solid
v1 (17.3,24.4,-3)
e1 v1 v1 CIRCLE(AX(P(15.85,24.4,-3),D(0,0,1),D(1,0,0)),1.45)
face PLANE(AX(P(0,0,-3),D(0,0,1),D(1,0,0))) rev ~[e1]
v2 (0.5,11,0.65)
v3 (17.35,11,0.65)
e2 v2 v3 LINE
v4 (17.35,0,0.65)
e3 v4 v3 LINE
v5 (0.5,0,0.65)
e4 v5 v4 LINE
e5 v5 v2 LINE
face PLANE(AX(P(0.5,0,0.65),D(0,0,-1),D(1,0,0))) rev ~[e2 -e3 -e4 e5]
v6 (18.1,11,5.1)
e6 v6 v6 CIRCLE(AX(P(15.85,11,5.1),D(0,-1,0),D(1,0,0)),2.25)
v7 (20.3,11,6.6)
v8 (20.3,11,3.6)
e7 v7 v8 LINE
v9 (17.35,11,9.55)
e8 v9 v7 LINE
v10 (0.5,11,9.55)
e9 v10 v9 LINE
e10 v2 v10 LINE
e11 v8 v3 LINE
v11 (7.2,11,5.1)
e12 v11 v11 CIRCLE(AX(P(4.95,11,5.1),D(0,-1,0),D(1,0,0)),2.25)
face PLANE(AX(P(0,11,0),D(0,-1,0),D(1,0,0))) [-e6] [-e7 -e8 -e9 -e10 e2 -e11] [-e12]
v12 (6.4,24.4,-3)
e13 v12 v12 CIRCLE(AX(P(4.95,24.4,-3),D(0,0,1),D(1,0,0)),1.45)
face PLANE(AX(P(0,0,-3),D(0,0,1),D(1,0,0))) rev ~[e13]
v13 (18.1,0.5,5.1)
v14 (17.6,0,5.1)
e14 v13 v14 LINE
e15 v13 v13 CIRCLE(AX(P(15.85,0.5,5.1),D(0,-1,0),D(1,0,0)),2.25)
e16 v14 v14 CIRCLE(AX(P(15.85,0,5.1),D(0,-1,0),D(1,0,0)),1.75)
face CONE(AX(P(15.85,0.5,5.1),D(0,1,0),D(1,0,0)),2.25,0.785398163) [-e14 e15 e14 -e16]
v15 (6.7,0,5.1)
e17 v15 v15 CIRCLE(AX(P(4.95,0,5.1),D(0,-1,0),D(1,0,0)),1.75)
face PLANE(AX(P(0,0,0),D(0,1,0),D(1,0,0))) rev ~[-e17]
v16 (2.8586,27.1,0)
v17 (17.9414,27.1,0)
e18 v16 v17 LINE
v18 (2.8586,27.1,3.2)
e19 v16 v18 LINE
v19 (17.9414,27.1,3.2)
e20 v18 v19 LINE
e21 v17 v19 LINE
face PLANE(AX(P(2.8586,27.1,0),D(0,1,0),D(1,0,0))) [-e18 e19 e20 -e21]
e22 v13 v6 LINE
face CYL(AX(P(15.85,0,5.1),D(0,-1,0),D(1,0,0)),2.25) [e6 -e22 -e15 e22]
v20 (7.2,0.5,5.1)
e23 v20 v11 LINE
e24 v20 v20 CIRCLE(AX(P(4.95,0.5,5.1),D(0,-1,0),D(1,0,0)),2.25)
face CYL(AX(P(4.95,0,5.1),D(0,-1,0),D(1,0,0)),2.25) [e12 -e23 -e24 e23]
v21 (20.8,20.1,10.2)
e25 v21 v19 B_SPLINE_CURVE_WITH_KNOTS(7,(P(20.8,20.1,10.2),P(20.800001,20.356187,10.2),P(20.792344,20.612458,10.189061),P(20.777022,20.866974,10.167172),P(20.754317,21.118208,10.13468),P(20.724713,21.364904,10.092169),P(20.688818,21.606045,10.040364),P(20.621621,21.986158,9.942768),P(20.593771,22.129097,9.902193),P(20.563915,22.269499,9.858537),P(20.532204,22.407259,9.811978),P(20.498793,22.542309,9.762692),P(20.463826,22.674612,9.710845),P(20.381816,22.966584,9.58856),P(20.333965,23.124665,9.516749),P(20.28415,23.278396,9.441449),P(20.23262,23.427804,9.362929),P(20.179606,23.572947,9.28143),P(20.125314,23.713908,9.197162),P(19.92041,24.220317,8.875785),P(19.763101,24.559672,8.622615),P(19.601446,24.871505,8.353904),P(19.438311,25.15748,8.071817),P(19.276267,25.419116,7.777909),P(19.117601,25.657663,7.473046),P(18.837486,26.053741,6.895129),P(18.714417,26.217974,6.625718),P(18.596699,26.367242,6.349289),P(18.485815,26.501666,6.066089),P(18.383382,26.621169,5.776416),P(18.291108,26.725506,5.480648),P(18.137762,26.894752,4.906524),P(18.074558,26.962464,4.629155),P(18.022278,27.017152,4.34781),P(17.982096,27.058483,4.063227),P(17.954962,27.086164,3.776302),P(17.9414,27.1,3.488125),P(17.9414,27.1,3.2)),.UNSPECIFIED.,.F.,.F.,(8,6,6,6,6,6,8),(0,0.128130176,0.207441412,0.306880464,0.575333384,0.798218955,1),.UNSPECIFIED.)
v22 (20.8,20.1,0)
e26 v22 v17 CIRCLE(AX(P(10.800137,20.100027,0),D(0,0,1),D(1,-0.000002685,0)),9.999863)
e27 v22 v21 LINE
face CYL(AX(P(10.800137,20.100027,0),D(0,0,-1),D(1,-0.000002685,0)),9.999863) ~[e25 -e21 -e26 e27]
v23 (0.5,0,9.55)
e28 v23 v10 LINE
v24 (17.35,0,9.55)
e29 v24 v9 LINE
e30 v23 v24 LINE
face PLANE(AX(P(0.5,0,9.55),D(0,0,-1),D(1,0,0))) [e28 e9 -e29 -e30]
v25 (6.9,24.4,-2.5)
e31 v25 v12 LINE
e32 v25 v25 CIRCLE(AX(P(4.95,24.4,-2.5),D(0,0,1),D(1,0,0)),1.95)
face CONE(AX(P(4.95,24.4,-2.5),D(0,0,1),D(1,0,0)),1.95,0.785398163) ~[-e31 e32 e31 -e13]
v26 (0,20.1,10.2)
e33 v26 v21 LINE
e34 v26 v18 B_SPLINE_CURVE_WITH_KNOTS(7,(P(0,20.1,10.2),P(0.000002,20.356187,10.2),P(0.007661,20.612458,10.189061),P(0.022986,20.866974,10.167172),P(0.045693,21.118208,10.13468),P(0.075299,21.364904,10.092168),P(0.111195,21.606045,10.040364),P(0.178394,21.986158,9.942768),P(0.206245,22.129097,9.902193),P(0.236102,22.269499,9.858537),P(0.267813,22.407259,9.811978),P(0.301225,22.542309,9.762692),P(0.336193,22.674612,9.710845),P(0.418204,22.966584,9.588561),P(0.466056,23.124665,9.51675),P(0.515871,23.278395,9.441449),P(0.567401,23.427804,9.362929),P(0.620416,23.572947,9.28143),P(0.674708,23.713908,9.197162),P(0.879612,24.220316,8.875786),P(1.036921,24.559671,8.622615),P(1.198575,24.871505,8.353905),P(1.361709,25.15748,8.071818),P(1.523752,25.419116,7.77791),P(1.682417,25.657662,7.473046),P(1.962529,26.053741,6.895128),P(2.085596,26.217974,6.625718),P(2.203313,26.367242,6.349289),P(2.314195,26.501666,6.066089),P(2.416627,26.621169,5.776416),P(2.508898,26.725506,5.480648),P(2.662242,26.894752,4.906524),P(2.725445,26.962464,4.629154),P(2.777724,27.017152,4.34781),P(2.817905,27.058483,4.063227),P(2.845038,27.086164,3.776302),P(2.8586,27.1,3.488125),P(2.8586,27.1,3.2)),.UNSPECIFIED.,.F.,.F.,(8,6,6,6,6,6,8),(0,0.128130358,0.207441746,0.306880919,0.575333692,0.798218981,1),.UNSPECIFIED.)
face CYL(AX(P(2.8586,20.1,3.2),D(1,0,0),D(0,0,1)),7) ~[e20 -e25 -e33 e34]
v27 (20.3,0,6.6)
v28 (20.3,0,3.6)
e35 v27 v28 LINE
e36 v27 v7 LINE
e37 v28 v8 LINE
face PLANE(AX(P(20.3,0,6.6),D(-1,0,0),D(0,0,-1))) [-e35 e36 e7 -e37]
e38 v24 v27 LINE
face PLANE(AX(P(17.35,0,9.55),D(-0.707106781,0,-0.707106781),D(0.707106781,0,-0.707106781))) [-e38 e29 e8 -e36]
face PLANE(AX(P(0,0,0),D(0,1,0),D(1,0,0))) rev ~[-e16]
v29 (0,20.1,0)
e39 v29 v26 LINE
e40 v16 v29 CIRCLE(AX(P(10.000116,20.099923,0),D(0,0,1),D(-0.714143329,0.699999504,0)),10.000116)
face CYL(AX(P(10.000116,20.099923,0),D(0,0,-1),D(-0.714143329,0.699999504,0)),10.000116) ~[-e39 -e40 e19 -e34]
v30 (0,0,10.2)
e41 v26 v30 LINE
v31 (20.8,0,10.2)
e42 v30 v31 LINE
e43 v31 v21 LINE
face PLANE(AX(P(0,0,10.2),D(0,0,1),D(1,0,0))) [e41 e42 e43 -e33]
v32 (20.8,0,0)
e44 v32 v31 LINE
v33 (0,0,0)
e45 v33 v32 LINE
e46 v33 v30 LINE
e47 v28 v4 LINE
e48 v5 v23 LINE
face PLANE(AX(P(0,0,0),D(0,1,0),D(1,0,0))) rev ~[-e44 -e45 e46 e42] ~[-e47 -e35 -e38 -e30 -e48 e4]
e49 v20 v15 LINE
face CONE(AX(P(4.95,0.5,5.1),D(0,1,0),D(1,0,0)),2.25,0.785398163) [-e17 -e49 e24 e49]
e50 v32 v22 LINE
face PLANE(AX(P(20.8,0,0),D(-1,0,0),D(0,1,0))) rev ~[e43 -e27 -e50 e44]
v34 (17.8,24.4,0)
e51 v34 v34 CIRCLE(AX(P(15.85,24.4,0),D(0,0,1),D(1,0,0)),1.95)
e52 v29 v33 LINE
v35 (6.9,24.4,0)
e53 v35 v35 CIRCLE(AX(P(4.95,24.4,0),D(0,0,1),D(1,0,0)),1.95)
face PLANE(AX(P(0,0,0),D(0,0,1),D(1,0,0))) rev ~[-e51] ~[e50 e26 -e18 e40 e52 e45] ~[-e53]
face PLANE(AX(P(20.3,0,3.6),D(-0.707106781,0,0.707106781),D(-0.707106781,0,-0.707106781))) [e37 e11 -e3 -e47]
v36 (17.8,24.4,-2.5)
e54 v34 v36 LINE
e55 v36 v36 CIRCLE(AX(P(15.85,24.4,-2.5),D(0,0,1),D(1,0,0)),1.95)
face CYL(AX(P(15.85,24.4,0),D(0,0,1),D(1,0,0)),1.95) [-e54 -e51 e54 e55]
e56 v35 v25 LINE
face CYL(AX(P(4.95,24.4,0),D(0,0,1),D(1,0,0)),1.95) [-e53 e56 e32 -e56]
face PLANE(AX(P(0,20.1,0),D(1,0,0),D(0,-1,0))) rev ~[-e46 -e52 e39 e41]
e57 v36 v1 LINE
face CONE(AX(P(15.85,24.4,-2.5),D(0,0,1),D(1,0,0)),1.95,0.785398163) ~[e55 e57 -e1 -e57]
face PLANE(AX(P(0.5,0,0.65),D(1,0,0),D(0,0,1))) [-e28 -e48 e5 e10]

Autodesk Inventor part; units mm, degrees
ref_plane "YZ Plane" through (0, 0, 0) normal (1, 0, 0) x (0, 1, 0)
ref_plane "XZ Plane" through (0, 0, 0) normal (0, 1, 0) x (-1, 0, 0)
ref_plane "XY Plane" through (0, 0, 0) normal (0, 0, 1) x (1, 0, 0)
sketch "Skizze1" plane through (0, 0, 0) normal (0, 0, 1) x (1, 0, 0)
  line L0 (0, 0) -> (20.8, 0)
  line L1 (20.8, 0) -> (20.8, 20.1)
  line L2 (20.8, 20.1) -> (0, 20.1)
  line L3 (0, 20.1) -> (0, 0)
  arc A0 (2.8586, 27.1) -> (0, 20.1) centre (10, 20.1) ccw
  line L4 (2.8586, 27.1) -> (17.9414, 27.1)
  arc A1 (20.8, 20.1) -> (17.9414, 27.1) centre (10.8, 20.1) ccw
  circle A2 centre (4.95, 24.4) radius 1.95
  circle A3 centre (15.85, 24.4) radius 1.95
  line L5 (4.95, 26.35) -> (15.85, 26.35) construction
  point P0 (10.4, 27.1)
  dimension "d4" = 3.9
  dimension "d0" = 27.1
  dimension "d1" = 20.8
  dimension "d2" = 7
  dimension "d3" = 10
  dimension "d5" = 10.9
  dimension "d6" = 5.45
  dimension "d7" = 26.35
extrude "Extrusion1" add sketch "Skizze1" along normal blind 10.2 contours L3 L2 L1 L0 | A0 L4 A1 L2 | A2 | A3
extrude "Extrusion2" add sketch "Skizze1" against normal blind 3 contours A2 | A3
fillet "Rundung1" radius 7 1 edges at (10.4, 27.1, 10.2)
chamfer "Fase1" distance 0.5 angle 45 2 edges at (13.9, 24.4, -3) (3, 24.4, -3)
sketch "Skizze2" plane through (0, 0, 0) normal (0, -1, 0) x (1, 0, 0)
  line L0 (0.5, 0.65) -> (0.5, 9.55)
  line L1 (0.5, 9.55) -> (17.35, 9.55)
  line L2 (17.35, 9.55) -> (20.3, 6.6)
  line L3 (20.3, 6.6) -> (20.3, 3.6)
  line L4 (20.3, 3.6) -> (17.35, 0.65)
  line L5 (0.5, 0.65) -> (17.35, 0.65)
  line L6 (0, 0) -> (0, 10.2) projected
  circle A0 centre (4.95, 5.1) radius 2.85
  circle A1 centre (4.95, 5.1) radius 2.25
  circle A2 centre (15.85, 5.1) radius 2.85
  circle A3 centre (15.85, 5.1) radius 2.25
  line L7 (0, 10.2) -> (20.8, 10.2) projected
  point P0 (0.5, 5.1)
  point P1 (0, 5.1)
  point P2 (20.3, 5.1)
  point P3 (10.4, 10.2)
  dimension "d16" = 19.8
  dimension "d17" = 8.9
  dimension "d18" = 0.5
  dimension "d19" = 3
  dimension "d20" = 45
  dimension "d21" = 5.7
  dimension "d22" = 4.5
  dimension "d23" = 10.9
  dimension "d24" = 5.45
extrude "Extrusion3" cut sketch "Skizze2" against normal blind 11 contours L0 L1 L2 L3 L4 L5 | A0 | A2
chamfer "Fase2" distance 0.5 angle 45 2 edges at (2.7, 0, 5.1) (13.6, 0, 5.1)
equation "\"d6\" = 0.5 * d5"
equation "\"d24\" = 0.5 * d23"
properties part number "XT90PW" material "PC/ABS-Kunststoff"
